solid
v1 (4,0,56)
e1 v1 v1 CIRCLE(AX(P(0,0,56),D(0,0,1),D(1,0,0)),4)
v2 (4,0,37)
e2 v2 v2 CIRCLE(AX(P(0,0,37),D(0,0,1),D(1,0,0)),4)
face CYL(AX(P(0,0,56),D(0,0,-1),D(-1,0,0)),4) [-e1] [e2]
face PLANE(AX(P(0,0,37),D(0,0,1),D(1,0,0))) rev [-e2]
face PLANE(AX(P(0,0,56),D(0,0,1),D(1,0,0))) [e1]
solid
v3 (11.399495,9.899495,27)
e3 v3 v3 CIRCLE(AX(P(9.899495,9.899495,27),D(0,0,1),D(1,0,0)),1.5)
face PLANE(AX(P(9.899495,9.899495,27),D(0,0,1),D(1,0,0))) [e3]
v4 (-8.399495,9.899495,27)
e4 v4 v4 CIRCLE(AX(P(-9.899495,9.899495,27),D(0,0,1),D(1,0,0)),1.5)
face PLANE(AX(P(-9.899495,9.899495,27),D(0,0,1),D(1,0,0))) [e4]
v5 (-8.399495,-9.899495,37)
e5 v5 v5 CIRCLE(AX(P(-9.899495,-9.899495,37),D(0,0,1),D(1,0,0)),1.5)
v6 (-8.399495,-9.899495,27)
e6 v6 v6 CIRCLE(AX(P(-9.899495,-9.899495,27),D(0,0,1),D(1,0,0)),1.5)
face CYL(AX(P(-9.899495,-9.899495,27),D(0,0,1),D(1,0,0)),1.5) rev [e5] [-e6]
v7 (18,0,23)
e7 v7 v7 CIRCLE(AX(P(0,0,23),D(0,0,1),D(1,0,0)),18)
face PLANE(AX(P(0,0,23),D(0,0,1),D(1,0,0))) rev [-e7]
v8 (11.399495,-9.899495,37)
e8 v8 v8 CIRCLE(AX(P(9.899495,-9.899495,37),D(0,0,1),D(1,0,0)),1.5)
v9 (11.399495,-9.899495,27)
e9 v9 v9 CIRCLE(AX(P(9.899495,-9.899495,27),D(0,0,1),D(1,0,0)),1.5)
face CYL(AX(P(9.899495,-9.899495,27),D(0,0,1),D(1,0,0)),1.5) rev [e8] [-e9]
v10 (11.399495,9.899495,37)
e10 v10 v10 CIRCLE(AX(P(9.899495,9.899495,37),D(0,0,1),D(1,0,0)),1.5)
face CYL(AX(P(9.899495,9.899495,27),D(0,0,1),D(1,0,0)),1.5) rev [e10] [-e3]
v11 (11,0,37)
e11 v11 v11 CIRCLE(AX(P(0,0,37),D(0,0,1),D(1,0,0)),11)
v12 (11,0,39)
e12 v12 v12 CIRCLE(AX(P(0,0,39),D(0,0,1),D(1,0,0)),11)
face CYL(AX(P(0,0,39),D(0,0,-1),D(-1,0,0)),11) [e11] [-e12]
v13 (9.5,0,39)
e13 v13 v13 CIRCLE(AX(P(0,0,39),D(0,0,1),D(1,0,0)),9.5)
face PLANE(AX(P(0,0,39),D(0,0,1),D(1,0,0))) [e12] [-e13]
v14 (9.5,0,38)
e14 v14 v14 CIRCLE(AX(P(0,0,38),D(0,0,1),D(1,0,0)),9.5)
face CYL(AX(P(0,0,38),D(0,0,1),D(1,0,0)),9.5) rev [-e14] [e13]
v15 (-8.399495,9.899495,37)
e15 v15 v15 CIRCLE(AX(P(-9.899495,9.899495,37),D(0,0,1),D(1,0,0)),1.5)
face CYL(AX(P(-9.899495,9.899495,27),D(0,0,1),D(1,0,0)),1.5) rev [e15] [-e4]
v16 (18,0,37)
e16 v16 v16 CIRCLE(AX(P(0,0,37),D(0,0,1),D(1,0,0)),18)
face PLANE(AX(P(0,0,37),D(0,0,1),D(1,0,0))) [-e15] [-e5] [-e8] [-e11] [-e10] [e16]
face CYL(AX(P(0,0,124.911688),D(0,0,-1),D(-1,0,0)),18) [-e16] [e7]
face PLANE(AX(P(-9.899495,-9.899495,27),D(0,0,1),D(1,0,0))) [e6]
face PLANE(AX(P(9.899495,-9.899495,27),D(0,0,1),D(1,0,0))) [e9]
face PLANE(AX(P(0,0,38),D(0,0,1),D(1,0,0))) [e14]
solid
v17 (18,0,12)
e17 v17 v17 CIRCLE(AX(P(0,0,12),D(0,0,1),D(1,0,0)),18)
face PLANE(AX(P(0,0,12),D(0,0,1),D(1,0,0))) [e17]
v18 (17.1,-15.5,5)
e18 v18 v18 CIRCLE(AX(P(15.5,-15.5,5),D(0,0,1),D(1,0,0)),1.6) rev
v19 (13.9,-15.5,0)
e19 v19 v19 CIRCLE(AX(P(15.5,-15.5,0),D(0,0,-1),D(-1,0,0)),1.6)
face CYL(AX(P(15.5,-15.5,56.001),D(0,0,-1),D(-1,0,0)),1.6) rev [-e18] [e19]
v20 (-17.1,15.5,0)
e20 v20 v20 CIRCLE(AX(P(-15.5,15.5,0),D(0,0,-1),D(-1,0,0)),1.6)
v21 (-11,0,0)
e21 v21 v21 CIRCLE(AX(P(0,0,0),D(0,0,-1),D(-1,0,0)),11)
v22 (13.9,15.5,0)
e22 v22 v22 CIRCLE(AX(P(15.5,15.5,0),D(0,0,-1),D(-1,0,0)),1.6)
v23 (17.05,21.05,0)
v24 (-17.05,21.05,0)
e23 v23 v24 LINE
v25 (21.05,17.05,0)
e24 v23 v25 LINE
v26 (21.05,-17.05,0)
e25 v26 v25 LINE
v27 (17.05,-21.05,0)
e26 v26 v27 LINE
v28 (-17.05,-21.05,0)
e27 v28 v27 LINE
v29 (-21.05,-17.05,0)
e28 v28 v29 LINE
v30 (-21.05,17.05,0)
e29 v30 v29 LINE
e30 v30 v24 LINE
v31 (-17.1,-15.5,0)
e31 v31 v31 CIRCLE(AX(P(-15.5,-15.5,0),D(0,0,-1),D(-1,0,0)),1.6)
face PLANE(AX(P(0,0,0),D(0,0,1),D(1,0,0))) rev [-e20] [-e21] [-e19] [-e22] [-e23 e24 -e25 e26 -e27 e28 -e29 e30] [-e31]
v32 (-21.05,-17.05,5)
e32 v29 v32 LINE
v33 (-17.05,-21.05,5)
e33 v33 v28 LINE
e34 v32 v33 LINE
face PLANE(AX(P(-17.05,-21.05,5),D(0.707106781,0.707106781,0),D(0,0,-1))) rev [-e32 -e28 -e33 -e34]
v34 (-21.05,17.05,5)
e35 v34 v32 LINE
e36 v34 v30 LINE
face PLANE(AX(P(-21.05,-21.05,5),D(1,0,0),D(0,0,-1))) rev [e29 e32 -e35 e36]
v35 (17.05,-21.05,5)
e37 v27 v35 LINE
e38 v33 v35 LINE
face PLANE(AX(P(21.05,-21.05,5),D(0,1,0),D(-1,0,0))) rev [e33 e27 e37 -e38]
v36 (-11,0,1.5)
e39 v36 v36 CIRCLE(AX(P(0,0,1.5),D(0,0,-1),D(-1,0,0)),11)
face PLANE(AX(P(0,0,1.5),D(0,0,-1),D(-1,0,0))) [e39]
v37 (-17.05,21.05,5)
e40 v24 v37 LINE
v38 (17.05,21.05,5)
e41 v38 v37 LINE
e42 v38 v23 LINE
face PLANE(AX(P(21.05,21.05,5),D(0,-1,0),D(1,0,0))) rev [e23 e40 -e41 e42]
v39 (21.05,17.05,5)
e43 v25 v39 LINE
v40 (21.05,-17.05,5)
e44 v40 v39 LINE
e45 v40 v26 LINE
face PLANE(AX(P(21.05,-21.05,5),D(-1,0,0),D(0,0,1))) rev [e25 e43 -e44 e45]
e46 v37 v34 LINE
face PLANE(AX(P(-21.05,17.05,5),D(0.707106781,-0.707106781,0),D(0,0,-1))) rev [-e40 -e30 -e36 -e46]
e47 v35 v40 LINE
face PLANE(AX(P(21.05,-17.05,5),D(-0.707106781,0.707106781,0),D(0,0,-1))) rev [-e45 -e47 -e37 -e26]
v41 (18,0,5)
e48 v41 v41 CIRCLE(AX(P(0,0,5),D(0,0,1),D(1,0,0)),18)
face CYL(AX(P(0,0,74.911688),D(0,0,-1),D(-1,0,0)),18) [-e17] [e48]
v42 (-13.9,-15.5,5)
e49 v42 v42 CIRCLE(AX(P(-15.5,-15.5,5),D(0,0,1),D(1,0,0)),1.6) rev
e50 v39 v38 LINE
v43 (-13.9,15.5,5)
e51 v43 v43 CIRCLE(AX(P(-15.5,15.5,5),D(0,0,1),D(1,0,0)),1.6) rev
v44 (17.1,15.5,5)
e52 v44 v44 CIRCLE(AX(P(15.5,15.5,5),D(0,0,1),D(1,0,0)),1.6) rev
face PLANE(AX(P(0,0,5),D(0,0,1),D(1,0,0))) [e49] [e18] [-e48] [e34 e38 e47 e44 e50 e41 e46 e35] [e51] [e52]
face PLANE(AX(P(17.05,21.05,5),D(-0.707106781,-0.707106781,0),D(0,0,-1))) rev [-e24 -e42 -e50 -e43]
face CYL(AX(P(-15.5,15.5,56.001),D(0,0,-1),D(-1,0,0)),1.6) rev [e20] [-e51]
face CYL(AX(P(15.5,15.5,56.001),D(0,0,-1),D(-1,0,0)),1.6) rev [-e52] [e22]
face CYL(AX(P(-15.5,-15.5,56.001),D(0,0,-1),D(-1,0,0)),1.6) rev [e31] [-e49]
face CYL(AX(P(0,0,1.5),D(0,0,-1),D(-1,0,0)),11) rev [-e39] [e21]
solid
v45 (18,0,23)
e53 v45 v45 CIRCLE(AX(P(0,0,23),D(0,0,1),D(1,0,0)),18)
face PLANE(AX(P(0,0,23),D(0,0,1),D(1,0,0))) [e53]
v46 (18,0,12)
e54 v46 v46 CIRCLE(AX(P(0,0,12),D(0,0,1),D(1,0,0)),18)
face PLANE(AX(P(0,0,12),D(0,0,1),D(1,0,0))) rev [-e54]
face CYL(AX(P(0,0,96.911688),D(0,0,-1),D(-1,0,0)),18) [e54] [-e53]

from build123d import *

# Parameters (mm, degrees)
SKETCH1_W           = 42.1
SKETCH1_H           = 42.1
BOSS_EXTRUDE2_DEPTH = 5
SKETCH3_R           = 18
BOSS_EXTRUDE3_DEPTH = 7
SKETCH4_R           = 18
BOSS_EXTRUDE4_DEPTH = 11
SKETCH5_R           = 18
BOSS_EXTRUDE5_DEPTH = 14
SKETCH6_R           = 11
BOSS_EXTRUDE6_DEPTH = 2
SKETCH9_R           = 9.5
CUT_EXTRUDE2_DEPTH  = 1
SKETCH7_R           = 4
BOSS_EXTRUDE7_DEPTH = 19
SKETCH10_R          = 1.6
CUT_EXTRUDE3_DEPTH  = 5
SKETCH12_R          = 1.5
CUT_EXTRUDE5_DEPTH  = 10
CHAMFER1_SIZE       = 4
SKETCH15_R          = 11
CUT_EXTRUDE8_DEPTH  = 1.5


with BuildPart() as part:
    # Sketch1 → Boss-Extrude2 (new body)
    with BuildSketch(Plane.XY):
        Rectangle(SKETCH1_W, SKETCH1_H)
    extrude(amount=BOSS_EXTRUDE2_DEPTH)

    # Sketch3 → Boss-Extrude3 (add)
    with BuildSketch(Plane.XY.offset(5)):
        Circle(SKETCH3_R)
    extrude(amount=BOSS_EXTRUDE3_DEPTH)

    # Sketch10 → Cut-Extrude3 (cut)
    with BuildSketch(Plane(origin=(0, 0, 0), x_dir=(-1, 0, 0), z_dir=(0, 0, -1))):
        with Locations((-15.5, 15.5)):
            Circle(SKETCH10_R)
        with Locations((15.5, 15.5)):
            Circle(SKETCH10_R)
        with Locations((15.5, -15.5)):
            Circle(SKETCH10_R)
        with Locations((-15.5, -15.5)):
            Circle(SKETCH10_R)
    extrude(amount=-CUT_EXTRUDE3_DEPTH, mode=Mode.SUBTRACT)

    # Chamfer1
    chamfer1_edges = [part.edges().sort_by_distance(p)[0] for p in [
        (-21.05, 21.05, 2.5),
        (21.05, 21.05, 2.5),
        (21.05, -21.05, 2.5),
        (-21.05, -21.05, 2.5),
    ]]
    chamfer(chamfer1_edges, length=CHAMFER1_SIZE)

    # Sketch15 → Cut-Extrude8 (cut)
    with BuildSketch(Plane(origin=(0, 0, 0), x_dir=(-1, 0, 0), z_dir=(0, 0, -1))):
        with Locations(Location((0, 0, 0), (0, 0, 180))):
            Circle(SKETCH15_R)
    extrude(amount=-CUT_EXTRUDE8_DEPTH, mode=Mode.SUBTRACT)


with BuildPart() as body_2:
    # Sketch4 → Boss-Extrude4 (new body)
    with BuildSketch(Plane.XY.offset(12)):
        Circle(SKETCH4_R)
    extrude(amount=BOSS_EXTRUDE4_DEPTH)


with BuildPart() as body_3:
    # Sketch5 → Boss-Extrude5 (new body)
    with BuildSketch(Plane.XY.offset(23)):
        Circle(SKETCH5_R)
    extrude(amount=BOSS_EXTRUDE5_DEPTH)

    # Sketch6 → Boss-Extrude6 (add)
    with BuildSketch(Plane.XY.offset(37)):
        Circle(SKETCH6_R)
    extrude(amount=BOSS_EXTRUDE6_DEPTH)

    # Sketch9 → Cut-Extrude2 (cut)
    with BuildSketch(Plane.XY.offset(39)):
        Circle(SKETCH9_R)
    extrude(amount=-CUT_EXTRUDE2_DEPTH, mode=Mode.SUBTRACT)

    # Sketch12 → Cut-Extrude5 (cut)
    with BuildSketch(Plane.XY.offset(37)):
        with Locations((-9.899494937, 9.899494937)):
            Circle(SKETCH12_R)
        with Locations((9.899494937, 9.899494937)):
            Circle(SKETCH12_R)
        with Locations((9.899494937, -9.899494937)):
            Circle(SKETCH12_R)
        with Locations((-9.899494937, -9.899494937)):
            Circle(SKETCH12_R)
    extrude(amount=-CUT_EXTRUDE5_DEPTH, mode=Mode.SUBTRACT)


with BuildPart() as body_4:
    # Sketch7 → Boss-Extrude7 (new body)
    with BuildSketch(Plane.XY.offset(37)):
        Circle(SKETCH7_R)
    extrude(amount=BOSS_EXTRUDE7_DEPTH)


solid = Compound([part.part, body_2.part, body_3.part, body_4.part])
